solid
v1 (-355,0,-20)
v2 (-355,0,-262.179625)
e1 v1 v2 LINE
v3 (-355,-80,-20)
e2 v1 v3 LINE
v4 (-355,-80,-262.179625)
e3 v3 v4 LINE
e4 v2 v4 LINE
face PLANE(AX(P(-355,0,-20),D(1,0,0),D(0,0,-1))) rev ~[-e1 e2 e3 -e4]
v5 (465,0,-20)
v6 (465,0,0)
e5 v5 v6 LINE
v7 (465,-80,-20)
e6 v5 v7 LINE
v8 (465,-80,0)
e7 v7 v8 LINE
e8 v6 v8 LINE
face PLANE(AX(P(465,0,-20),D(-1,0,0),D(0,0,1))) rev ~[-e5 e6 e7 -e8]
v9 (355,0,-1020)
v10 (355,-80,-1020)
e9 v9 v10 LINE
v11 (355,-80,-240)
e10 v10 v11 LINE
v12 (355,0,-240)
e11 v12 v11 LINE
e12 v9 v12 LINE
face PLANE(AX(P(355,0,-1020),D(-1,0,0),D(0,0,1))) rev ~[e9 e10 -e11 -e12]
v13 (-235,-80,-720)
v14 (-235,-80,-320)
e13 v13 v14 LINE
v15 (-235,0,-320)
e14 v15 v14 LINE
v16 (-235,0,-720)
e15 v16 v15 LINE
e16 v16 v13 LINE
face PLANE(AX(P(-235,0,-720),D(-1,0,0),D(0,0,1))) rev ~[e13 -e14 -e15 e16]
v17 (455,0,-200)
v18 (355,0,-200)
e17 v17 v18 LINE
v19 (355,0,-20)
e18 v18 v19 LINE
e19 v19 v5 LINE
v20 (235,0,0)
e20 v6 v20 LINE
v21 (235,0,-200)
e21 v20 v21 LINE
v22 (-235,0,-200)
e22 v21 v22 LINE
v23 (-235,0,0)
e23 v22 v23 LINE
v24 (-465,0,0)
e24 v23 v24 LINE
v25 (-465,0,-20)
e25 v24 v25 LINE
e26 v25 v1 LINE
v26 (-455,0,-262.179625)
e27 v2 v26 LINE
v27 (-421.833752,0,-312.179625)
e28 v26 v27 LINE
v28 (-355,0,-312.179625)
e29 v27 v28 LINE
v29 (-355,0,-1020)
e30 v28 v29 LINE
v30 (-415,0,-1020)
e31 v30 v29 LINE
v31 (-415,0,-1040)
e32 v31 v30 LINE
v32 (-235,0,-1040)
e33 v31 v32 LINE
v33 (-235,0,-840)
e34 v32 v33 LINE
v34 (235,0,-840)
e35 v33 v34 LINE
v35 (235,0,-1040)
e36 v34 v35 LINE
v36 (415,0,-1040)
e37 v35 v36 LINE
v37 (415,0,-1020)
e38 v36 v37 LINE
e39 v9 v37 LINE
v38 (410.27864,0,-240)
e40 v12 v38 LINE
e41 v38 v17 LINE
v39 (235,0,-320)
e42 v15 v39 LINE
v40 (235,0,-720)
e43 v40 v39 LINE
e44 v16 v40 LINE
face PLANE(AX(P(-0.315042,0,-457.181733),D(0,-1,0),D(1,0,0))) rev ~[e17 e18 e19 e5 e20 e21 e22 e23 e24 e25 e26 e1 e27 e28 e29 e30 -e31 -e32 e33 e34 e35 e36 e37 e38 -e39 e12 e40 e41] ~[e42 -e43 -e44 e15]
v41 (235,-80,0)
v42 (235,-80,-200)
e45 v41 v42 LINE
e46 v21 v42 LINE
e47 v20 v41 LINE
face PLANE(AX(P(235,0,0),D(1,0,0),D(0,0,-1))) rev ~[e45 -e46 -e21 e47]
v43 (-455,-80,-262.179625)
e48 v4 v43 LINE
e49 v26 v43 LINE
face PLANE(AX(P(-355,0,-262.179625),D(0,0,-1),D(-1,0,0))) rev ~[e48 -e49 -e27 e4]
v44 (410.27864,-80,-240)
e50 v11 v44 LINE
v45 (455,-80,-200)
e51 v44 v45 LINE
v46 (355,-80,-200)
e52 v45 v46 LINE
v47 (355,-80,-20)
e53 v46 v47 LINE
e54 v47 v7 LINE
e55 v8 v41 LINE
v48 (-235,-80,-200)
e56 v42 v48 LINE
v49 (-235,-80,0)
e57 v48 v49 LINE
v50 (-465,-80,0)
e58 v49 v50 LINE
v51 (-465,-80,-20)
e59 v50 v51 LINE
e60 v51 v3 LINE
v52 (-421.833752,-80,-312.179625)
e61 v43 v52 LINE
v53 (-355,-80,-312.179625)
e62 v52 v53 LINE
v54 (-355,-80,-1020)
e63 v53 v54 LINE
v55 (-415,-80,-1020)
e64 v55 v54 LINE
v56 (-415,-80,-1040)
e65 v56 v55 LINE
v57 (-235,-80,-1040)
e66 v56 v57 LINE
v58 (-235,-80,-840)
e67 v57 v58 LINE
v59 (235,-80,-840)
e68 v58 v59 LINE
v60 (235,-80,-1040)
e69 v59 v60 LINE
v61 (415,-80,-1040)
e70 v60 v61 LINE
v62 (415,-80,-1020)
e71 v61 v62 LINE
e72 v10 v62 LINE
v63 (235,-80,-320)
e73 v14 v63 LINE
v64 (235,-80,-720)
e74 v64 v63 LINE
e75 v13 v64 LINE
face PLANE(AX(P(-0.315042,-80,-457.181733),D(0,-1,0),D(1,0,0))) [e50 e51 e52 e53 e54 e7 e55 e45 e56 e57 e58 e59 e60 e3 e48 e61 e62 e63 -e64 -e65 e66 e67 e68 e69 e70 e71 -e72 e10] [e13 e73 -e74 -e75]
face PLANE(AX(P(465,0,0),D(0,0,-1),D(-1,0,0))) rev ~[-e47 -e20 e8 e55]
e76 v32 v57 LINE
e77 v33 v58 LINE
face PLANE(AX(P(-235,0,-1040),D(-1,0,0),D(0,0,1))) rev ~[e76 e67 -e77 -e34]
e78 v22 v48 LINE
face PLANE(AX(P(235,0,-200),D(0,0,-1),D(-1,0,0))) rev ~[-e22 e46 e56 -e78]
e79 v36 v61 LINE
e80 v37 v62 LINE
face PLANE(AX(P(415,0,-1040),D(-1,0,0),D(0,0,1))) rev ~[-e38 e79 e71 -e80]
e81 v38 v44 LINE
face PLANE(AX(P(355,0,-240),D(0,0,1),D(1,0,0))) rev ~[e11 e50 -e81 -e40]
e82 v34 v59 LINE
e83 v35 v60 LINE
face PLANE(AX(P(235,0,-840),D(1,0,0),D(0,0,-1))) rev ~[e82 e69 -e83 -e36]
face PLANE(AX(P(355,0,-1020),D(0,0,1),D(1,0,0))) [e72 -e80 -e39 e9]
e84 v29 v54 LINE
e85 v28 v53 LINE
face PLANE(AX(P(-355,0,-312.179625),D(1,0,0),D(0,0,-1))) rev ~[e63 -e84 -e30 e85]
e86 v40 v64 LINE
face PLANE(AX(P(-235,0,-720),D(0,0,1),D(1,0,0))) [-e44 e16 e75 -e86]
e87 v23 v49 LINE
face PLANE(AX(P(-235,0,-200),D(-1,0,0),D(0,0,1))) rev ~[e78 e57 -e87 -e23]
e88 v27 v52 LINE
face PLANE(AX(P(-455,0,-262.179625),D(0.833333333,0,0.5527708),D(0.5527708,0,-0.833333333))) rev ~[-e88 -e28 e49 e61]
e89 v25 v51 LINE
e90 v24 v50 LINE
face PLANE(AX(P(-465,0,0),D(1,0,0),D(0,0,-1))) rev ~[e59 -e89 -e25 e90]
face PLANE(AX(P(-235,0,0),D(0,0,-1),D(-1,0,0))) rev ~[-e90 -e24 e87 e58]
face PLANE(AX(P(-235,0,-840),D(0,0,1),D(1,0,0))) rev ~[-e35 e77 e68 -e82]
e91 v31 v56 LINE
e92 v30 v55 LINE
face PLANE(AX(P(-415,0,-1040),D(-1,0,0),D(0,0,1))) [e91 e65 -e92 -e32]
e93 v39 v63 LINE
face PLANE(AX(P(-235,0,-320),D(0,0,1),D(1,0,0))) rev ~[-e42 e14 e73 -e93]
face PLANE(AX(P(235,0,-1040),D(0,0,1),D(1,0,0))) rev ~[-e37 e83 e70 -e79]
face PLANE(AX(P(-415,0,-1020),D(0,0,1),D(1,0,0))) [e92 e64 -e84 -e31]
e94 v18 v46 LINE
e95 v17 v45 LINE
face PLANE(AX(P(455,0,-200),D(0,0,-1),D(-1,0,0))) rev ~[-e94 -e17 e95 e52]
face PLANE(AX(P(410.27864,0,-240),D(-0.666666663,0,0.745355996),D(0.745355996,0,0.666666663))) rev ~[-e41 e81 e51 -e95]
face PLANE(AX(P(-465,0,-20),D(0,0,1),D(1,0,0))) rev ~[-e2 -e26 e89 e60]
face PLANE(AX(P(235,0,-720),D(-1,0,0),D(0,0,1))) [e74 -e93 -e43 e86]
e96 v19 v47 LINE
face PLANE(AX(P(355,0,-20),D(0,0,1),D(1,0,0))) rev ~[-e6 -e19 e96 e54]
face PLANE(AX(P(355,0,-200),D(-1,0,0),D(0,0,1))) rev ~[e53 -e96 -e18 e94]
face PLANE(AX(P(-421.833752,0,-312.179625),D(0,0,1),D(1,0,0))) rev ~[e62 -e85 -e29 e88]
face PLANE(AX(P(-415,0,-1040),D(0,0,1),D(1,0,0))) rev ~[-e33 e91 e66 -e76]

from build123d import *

# Parameters (mm, degrees)
F0_W     = 470
F0_H     = 400
F0_W_2   = 60
F0_H_2   = 20
F1_DEPTH = 80


with BuildPart() as f1:
    # F0 (on Front) → F1 (new body)
    with BuildSketch(Plane.XZ):
        Polygon((-235, 0), (-355, 0), (-465, 0), (-465, -20), (-355, -20), (-355, -262.179625), (-455, -262.179625), (-421.833752, -312.179625), (-355, -312.179625), (-355, -1020), (-355, -1040), (-235, -1040), (-235, -840), (235, -840), (235, -1040), (355, -1040), (355, -1020), (355, -240), (410.27864, -240), (455, -200), (355, -200), (355, -20), (465, -20), (465, 0), (355, 0), (235, 0), (235, -200), (-235, -200), align=None)
        with Locations((0, -520)):
            Rectangle(F0_W, F0_H, mode=Mode.SUBTRACT)
        with Locations((-385, -1030)):
            Rectangle(F0_W_2, F0_H_2)
        with Locations((385, -1030)):
            Rectangle(F0_W_2, F0_H_2)
    extrude(amount=F1_DEPTH)


solid = f1.part
